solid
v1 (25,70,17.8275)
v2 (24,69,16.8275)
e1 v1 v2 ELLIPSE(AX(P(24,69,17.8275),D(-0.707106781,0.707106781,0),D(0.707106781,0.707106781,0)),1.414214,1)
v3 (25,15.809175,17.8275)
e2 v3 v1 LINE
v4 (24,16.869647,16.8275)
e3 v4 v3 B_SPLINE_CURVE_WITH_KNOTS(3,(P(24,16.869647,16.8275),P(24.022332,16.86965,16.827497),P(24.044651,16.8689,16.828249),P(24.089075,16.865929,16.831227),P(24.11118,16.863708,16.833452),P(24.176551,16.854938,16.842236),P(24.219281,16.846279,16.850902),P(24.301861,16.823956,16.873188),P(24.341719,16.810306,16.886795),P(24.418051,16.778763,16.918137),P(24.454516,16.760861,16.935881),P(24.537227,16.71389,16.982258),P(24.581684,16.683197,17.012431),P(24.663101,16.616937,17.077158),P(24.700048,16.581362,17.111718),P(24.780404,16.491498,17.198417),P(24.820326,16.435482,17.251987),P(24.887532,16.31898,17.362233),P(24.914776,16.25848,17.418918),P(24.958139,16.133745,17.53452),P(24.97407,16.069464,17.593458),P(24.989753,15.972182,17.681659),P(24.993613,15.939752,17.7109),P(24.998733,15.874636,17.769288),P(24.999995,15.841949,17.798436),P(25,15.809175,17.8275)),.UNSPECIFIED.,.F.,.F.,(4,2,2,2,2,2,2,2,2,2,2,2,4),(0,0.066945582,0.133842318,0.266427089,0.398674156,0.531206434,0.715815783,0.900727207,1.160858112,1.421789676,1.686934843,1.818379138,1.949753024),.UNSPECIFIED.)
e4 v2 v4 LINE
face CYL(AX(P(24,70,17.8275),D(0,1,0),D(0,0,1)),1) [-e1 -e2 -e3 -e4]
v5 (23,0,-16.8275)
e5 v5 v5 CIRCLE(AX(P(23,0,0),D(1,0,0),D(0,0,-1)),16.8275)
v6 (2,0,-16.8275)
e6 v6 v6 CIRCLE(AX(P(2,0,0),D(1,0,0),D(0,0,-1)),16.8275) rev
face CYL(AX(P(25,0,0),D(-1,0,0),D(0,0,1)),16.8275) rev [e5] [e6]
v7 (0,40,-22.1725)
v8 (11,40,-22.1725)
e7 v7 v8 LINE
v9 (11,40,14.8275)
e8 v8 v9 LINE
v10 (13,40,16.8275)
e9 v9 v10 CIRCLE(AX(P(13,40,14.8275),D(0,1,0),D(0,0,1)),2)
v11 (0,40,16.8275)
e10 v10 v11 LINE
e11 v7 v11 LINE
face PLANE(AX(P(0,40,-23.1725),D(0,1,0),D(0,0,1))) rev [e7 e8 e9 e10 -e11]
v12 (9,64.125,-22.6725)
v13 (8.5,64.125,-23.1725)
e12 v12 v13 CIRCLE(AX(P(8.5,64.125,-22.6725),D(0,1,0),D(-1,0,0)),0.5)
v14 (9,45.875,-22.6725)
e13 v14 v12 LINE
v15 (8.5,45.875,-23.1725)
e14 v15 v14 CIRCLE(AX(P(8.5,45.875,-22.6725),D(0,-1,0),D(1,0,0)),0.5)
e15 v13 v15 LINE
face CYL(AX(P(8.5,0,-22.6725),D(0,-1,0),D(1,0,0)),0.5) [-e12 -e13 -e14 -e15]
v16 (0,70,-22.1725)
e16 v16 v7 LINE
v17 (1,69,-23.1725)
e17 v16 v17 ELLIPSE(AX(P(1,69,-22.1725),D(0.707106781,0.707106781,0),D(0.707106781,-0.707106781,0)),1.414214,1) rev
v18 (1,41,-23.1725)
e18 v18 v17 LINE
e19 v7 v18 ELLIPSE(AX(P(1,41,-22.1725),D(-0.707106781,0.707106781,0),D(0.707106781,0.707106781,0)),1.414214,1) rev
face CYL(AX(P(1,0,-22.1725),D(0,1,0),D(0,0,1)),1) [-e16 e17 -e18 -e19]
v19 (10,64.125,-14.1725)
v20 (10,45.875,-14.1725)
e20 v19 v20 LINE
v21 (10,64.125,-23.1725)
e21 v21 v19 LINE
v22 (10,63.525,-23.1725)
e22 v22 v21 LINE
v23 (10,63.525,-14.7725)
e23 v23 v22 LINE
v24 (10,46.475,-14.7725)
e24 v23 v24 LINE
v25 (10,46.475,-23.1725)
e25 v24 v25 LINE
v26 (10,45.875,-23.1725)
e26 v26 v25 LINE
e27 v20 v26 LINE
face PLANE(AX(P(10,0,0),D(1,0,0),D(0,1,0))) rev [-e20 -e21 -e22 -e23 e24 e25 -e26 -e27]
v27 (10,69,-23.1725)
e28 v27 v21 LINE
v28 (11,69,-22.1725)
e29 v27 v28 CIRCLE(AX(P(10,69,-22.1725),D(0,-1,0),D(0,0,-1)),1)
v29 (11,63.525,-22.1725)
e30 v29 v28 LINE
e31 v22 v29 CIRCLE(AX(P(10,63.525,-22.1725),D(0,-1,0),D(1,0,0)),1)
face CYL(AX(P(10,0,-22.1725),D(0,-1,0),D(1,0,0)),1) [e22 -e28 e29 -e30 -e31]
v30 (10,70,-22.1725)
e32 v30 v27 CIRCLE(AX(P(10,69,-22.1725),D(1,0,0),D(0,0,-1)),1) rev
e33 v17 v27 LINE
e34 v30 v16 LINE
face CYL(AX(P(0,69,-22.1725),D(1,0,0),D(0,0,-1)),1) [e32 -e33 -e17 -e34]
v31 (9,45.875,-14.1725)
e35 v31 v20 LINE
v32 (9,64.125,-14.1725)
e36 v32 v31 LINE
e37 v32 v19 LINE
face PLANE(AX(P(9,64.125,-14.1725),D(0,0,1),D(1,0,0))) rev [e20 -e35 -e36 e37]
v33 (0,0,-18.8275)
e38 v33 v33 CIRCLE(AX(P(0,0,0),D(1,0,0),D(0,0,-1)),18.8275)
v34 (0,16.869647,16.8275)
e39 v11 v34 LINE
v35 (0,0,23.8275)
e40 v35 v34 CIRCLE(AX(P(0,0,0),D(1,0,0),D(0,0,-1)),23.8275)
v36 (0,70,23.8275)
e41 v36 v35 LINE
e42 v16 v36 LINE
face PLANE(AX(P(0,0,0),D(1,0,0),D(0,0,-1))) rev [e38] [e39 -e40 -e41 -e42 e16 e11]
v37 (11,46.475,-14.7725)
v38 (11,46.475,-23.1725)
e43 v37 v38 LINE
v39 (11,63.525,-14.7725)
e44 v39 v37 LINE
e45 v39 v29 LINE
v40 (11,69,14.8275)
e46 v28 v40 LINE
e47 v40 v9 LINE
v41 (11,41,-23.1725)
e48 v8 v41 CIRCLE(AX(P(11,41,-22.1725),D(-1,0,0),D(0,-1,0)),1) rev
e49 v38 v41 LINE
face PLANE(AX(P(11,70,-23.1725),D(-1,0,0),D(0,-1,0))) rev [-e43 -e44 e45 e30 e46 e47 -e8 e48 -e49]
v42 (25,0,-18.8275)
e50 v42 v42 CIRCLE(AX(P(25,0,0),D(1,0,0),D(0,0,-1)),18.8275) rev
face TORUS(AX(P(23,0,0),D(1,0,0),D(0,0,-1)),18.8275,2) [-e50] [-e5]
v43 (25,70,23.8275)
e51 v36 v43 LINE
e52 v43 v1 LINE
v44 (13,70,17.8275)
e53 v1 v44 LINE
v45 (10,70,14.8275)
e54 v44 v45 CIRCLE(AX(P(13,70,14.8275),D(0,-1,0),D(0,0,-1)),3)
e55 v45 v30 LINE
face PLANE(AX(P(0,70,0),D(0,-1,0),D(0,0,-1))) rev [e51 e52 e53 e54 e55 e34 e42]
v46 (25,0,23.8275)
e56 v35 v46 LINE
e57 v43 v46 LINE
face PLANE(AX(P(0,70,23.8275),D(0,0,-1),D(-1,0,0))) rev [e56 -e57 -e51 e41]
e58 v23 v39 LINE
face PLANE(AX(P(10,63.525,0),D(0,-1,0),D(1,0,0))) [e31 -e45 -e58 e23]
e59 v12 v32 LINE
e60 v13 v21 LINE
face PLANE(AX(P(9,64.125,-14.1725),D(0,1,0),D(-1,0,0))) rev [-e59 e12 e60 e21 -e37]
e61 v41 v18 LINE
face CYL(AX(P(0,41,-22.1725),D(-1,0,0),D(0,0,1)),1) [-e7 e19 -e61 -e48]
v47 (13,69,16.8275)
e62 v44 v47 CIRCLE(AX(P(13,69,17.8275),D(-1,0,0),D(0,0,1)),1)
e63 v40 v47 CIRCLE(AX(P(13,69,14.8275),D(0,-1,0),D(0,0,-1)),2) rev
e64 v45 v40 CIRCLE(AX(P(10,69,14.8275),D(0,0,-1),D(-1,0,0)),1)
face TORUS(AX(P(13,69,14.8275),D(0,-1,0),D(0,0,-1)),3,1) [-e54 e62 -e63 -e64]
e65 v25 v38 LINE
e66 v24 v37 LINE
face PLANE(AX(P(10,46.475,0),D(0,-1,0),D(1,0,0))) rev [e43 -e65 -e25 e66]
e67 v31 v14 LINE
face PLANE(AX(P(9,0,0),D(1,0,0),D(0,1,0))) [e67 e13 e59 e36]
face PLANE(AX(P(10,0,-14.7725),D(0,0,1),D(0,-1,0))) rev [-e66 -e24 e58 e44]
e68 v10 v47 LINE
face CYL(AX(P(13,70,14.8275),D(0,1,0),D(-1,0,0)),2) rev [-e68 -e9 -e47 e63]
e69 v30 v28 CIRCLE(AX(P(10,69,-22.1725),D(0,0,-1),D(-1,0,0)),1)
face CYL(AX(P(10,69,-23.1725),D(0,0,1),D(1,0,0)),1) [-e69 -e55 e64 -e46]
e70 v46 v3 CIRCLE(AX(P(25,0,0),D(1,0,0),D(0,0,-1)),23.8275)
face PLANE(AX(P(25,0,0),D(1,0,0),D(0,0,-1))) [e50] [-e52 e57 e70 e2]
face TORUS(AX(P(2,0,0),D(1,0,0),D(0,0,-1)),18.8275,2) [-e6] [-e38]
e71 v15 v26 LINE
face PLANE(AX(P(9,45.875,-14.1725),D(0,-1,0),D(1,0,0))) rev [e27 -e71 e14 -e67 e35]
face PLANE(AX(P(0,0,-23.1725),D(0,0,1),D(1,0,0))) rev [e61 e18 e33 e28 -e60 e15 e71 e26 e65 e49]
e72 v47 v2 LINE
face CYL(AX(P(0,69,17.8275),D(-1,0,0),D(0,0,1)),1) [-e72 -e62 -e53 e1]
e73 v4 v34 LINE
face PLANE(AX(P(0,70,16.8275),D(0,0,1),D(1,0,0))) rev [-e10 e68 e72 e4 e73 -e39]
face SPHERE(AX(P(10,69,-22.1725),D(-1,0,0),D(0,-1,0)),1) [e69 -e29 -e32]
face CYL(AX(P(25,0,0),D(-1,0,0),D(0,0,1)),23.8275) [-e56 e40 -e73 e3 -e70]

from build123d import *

# Parameters (mm, degrees)
SKETCH1_R           = 23.8275
SKETCH1_R_2         = 16.8275
BOSS_EXTRUDE1_DEPTH = 25
SKETCH2_W           = 25
SKETCH2_H           = 7
BOSS_EXTRUDE2_DEPTH = 70
SKETCH3_W           = 11
SKETCH3_H           = 30
BOSS_EXTRUDE3_DEPTH = 40
SKETCH4_W           = 8.4
SKETCH4_H           = 8.525
CUT_EXTRUDE1_DEPTH  = 1
SKETCH5_W           = 9
SKETCH5_H           = 18.25
CUT_EXTRUDE2_DEPTH  = 1
FILLET1_R           = 0.5
FILLET2_R           = 1
FILLET3_R           = 2
FILLET4_R           = 2
FILLET6_R           = 1


with BuildPart() as part:
    # Sketch1 → Boss-Extrude1 (new body)
    with BuildSketch(Plane(origin=(0, 0, 0), x_dir=(0, 0, -1), z_dir=(1, 0, 0))):
        Circle(SKETCH1_R)
        Circle(SKETCH1_R_2, mode=Mode.SUBTRACT)
    extrude(amount=BOSS_EXTRUDE1_DEPTH)

    # Sketch2 → Boss-Extrude2 (add)
    with BuildSketch(Plane(origin=(0, 0, 0), x_dir=(1, 0, 0), z_dir=(0, 1, 0))):
        with Locations((12.5, -20.3275)):
            Rectangle(SKETCH2_W, SKETCH2_H)
    extrude(amount=BOSS_EXTRUDE2_DEPTH)

    # Sketch3 → Boss-Extrude3 (add)
    with BuildSketch(Plane(origin=(0, 0, 16.8275), x_dir=(-1, 0, 0), z_dir=(0, 0, -1))):
        with Locations((-5.5, 55)):
            Rectangle(SKETCH3_W, SKETCH3_H)
    extrude(amount=BOSS_EXTRUDE3_DEPTH)

    # Sketch4 → Cut-Extrude1 (cut)
    with BuildSketch(Plane(origin=(11, 0, 0), x_dir=(0, 0, -1), z_dir=(1, 0, 0))):
        with Locations((18.9725, 50.7375)):
            Rectangle(SKETCH4_W, SKETCH4_H)
        with Locations((18.9725, 59.2625)):
            Rectangle(SKETCH4_W, SKETCH4_H)
    extrude(amount=-CUT_EXTRUDE1_DEPTH, mode=Mode.SUBTRACT)

    # Sketch5 → Cut-Extrude2 (cut)
    with BuildSketch(Plane(origin=(10, 0, 0), x_dir=(0, 0, -1), z_dir=(1, 0, 0))):
        with Locations((18.6725, 55)):
            Rectangle(SKETCH5_W, SKETCH5_H)
    extrude(amount=-CUT_EXTRUDE2_DEPTH, mode=Mode.SUBTRACT)

    # Fillet1
    fillet1_edges = [part.edges().sort_by_distance(p)[0] for p in [
        (9, 55, -23.1725),
    ]]
    fillet(fillet1_edges, radius=FILLET1_R)

    # Fillet2
    fillet2_edges = [part.edges().sort_by_distance(p)[0] for p in [
        (0, 55, -23.1725),
        (5.5, 70, -23.1725),
        (5.5, 40, -23.1725),
    ]]
    fillet(fillet2_edges, radius=FILLET2_R)

    # Fillet3
    fillet3_edges = [part.edges().sort_by_distance(p)[0] for p in [
        (0, 0, 16.8275),
        (25, 0, 16.8275),
    ]]
    fillet(fillet3_edges, radius=FILLET3_R)

    # Fillet4
    fillet4_edges = [part.edges().sort_by_distance(p)[0] for p in [
        (11, 55, 16.8275),
    ]]
    fillet(fillet4_edges, radius=FILLET4_R)

    # Fillet6
    fillet6_edges = [part.edges().sort_by_distance(p)[0] for p in [
        (11.585786438, 70, 16.241713562),
        (25, 43.43482365, 16.8275),
        (19, 70, 16.8275),
        (11, 66.2625, -23.1725),
        (11, 70, -3.6725),
        (11, 69.707106781, -22.879606781),
    ]]
    fillet(fillet6_edges, radius=FILLET6_R)


solid = part.part
